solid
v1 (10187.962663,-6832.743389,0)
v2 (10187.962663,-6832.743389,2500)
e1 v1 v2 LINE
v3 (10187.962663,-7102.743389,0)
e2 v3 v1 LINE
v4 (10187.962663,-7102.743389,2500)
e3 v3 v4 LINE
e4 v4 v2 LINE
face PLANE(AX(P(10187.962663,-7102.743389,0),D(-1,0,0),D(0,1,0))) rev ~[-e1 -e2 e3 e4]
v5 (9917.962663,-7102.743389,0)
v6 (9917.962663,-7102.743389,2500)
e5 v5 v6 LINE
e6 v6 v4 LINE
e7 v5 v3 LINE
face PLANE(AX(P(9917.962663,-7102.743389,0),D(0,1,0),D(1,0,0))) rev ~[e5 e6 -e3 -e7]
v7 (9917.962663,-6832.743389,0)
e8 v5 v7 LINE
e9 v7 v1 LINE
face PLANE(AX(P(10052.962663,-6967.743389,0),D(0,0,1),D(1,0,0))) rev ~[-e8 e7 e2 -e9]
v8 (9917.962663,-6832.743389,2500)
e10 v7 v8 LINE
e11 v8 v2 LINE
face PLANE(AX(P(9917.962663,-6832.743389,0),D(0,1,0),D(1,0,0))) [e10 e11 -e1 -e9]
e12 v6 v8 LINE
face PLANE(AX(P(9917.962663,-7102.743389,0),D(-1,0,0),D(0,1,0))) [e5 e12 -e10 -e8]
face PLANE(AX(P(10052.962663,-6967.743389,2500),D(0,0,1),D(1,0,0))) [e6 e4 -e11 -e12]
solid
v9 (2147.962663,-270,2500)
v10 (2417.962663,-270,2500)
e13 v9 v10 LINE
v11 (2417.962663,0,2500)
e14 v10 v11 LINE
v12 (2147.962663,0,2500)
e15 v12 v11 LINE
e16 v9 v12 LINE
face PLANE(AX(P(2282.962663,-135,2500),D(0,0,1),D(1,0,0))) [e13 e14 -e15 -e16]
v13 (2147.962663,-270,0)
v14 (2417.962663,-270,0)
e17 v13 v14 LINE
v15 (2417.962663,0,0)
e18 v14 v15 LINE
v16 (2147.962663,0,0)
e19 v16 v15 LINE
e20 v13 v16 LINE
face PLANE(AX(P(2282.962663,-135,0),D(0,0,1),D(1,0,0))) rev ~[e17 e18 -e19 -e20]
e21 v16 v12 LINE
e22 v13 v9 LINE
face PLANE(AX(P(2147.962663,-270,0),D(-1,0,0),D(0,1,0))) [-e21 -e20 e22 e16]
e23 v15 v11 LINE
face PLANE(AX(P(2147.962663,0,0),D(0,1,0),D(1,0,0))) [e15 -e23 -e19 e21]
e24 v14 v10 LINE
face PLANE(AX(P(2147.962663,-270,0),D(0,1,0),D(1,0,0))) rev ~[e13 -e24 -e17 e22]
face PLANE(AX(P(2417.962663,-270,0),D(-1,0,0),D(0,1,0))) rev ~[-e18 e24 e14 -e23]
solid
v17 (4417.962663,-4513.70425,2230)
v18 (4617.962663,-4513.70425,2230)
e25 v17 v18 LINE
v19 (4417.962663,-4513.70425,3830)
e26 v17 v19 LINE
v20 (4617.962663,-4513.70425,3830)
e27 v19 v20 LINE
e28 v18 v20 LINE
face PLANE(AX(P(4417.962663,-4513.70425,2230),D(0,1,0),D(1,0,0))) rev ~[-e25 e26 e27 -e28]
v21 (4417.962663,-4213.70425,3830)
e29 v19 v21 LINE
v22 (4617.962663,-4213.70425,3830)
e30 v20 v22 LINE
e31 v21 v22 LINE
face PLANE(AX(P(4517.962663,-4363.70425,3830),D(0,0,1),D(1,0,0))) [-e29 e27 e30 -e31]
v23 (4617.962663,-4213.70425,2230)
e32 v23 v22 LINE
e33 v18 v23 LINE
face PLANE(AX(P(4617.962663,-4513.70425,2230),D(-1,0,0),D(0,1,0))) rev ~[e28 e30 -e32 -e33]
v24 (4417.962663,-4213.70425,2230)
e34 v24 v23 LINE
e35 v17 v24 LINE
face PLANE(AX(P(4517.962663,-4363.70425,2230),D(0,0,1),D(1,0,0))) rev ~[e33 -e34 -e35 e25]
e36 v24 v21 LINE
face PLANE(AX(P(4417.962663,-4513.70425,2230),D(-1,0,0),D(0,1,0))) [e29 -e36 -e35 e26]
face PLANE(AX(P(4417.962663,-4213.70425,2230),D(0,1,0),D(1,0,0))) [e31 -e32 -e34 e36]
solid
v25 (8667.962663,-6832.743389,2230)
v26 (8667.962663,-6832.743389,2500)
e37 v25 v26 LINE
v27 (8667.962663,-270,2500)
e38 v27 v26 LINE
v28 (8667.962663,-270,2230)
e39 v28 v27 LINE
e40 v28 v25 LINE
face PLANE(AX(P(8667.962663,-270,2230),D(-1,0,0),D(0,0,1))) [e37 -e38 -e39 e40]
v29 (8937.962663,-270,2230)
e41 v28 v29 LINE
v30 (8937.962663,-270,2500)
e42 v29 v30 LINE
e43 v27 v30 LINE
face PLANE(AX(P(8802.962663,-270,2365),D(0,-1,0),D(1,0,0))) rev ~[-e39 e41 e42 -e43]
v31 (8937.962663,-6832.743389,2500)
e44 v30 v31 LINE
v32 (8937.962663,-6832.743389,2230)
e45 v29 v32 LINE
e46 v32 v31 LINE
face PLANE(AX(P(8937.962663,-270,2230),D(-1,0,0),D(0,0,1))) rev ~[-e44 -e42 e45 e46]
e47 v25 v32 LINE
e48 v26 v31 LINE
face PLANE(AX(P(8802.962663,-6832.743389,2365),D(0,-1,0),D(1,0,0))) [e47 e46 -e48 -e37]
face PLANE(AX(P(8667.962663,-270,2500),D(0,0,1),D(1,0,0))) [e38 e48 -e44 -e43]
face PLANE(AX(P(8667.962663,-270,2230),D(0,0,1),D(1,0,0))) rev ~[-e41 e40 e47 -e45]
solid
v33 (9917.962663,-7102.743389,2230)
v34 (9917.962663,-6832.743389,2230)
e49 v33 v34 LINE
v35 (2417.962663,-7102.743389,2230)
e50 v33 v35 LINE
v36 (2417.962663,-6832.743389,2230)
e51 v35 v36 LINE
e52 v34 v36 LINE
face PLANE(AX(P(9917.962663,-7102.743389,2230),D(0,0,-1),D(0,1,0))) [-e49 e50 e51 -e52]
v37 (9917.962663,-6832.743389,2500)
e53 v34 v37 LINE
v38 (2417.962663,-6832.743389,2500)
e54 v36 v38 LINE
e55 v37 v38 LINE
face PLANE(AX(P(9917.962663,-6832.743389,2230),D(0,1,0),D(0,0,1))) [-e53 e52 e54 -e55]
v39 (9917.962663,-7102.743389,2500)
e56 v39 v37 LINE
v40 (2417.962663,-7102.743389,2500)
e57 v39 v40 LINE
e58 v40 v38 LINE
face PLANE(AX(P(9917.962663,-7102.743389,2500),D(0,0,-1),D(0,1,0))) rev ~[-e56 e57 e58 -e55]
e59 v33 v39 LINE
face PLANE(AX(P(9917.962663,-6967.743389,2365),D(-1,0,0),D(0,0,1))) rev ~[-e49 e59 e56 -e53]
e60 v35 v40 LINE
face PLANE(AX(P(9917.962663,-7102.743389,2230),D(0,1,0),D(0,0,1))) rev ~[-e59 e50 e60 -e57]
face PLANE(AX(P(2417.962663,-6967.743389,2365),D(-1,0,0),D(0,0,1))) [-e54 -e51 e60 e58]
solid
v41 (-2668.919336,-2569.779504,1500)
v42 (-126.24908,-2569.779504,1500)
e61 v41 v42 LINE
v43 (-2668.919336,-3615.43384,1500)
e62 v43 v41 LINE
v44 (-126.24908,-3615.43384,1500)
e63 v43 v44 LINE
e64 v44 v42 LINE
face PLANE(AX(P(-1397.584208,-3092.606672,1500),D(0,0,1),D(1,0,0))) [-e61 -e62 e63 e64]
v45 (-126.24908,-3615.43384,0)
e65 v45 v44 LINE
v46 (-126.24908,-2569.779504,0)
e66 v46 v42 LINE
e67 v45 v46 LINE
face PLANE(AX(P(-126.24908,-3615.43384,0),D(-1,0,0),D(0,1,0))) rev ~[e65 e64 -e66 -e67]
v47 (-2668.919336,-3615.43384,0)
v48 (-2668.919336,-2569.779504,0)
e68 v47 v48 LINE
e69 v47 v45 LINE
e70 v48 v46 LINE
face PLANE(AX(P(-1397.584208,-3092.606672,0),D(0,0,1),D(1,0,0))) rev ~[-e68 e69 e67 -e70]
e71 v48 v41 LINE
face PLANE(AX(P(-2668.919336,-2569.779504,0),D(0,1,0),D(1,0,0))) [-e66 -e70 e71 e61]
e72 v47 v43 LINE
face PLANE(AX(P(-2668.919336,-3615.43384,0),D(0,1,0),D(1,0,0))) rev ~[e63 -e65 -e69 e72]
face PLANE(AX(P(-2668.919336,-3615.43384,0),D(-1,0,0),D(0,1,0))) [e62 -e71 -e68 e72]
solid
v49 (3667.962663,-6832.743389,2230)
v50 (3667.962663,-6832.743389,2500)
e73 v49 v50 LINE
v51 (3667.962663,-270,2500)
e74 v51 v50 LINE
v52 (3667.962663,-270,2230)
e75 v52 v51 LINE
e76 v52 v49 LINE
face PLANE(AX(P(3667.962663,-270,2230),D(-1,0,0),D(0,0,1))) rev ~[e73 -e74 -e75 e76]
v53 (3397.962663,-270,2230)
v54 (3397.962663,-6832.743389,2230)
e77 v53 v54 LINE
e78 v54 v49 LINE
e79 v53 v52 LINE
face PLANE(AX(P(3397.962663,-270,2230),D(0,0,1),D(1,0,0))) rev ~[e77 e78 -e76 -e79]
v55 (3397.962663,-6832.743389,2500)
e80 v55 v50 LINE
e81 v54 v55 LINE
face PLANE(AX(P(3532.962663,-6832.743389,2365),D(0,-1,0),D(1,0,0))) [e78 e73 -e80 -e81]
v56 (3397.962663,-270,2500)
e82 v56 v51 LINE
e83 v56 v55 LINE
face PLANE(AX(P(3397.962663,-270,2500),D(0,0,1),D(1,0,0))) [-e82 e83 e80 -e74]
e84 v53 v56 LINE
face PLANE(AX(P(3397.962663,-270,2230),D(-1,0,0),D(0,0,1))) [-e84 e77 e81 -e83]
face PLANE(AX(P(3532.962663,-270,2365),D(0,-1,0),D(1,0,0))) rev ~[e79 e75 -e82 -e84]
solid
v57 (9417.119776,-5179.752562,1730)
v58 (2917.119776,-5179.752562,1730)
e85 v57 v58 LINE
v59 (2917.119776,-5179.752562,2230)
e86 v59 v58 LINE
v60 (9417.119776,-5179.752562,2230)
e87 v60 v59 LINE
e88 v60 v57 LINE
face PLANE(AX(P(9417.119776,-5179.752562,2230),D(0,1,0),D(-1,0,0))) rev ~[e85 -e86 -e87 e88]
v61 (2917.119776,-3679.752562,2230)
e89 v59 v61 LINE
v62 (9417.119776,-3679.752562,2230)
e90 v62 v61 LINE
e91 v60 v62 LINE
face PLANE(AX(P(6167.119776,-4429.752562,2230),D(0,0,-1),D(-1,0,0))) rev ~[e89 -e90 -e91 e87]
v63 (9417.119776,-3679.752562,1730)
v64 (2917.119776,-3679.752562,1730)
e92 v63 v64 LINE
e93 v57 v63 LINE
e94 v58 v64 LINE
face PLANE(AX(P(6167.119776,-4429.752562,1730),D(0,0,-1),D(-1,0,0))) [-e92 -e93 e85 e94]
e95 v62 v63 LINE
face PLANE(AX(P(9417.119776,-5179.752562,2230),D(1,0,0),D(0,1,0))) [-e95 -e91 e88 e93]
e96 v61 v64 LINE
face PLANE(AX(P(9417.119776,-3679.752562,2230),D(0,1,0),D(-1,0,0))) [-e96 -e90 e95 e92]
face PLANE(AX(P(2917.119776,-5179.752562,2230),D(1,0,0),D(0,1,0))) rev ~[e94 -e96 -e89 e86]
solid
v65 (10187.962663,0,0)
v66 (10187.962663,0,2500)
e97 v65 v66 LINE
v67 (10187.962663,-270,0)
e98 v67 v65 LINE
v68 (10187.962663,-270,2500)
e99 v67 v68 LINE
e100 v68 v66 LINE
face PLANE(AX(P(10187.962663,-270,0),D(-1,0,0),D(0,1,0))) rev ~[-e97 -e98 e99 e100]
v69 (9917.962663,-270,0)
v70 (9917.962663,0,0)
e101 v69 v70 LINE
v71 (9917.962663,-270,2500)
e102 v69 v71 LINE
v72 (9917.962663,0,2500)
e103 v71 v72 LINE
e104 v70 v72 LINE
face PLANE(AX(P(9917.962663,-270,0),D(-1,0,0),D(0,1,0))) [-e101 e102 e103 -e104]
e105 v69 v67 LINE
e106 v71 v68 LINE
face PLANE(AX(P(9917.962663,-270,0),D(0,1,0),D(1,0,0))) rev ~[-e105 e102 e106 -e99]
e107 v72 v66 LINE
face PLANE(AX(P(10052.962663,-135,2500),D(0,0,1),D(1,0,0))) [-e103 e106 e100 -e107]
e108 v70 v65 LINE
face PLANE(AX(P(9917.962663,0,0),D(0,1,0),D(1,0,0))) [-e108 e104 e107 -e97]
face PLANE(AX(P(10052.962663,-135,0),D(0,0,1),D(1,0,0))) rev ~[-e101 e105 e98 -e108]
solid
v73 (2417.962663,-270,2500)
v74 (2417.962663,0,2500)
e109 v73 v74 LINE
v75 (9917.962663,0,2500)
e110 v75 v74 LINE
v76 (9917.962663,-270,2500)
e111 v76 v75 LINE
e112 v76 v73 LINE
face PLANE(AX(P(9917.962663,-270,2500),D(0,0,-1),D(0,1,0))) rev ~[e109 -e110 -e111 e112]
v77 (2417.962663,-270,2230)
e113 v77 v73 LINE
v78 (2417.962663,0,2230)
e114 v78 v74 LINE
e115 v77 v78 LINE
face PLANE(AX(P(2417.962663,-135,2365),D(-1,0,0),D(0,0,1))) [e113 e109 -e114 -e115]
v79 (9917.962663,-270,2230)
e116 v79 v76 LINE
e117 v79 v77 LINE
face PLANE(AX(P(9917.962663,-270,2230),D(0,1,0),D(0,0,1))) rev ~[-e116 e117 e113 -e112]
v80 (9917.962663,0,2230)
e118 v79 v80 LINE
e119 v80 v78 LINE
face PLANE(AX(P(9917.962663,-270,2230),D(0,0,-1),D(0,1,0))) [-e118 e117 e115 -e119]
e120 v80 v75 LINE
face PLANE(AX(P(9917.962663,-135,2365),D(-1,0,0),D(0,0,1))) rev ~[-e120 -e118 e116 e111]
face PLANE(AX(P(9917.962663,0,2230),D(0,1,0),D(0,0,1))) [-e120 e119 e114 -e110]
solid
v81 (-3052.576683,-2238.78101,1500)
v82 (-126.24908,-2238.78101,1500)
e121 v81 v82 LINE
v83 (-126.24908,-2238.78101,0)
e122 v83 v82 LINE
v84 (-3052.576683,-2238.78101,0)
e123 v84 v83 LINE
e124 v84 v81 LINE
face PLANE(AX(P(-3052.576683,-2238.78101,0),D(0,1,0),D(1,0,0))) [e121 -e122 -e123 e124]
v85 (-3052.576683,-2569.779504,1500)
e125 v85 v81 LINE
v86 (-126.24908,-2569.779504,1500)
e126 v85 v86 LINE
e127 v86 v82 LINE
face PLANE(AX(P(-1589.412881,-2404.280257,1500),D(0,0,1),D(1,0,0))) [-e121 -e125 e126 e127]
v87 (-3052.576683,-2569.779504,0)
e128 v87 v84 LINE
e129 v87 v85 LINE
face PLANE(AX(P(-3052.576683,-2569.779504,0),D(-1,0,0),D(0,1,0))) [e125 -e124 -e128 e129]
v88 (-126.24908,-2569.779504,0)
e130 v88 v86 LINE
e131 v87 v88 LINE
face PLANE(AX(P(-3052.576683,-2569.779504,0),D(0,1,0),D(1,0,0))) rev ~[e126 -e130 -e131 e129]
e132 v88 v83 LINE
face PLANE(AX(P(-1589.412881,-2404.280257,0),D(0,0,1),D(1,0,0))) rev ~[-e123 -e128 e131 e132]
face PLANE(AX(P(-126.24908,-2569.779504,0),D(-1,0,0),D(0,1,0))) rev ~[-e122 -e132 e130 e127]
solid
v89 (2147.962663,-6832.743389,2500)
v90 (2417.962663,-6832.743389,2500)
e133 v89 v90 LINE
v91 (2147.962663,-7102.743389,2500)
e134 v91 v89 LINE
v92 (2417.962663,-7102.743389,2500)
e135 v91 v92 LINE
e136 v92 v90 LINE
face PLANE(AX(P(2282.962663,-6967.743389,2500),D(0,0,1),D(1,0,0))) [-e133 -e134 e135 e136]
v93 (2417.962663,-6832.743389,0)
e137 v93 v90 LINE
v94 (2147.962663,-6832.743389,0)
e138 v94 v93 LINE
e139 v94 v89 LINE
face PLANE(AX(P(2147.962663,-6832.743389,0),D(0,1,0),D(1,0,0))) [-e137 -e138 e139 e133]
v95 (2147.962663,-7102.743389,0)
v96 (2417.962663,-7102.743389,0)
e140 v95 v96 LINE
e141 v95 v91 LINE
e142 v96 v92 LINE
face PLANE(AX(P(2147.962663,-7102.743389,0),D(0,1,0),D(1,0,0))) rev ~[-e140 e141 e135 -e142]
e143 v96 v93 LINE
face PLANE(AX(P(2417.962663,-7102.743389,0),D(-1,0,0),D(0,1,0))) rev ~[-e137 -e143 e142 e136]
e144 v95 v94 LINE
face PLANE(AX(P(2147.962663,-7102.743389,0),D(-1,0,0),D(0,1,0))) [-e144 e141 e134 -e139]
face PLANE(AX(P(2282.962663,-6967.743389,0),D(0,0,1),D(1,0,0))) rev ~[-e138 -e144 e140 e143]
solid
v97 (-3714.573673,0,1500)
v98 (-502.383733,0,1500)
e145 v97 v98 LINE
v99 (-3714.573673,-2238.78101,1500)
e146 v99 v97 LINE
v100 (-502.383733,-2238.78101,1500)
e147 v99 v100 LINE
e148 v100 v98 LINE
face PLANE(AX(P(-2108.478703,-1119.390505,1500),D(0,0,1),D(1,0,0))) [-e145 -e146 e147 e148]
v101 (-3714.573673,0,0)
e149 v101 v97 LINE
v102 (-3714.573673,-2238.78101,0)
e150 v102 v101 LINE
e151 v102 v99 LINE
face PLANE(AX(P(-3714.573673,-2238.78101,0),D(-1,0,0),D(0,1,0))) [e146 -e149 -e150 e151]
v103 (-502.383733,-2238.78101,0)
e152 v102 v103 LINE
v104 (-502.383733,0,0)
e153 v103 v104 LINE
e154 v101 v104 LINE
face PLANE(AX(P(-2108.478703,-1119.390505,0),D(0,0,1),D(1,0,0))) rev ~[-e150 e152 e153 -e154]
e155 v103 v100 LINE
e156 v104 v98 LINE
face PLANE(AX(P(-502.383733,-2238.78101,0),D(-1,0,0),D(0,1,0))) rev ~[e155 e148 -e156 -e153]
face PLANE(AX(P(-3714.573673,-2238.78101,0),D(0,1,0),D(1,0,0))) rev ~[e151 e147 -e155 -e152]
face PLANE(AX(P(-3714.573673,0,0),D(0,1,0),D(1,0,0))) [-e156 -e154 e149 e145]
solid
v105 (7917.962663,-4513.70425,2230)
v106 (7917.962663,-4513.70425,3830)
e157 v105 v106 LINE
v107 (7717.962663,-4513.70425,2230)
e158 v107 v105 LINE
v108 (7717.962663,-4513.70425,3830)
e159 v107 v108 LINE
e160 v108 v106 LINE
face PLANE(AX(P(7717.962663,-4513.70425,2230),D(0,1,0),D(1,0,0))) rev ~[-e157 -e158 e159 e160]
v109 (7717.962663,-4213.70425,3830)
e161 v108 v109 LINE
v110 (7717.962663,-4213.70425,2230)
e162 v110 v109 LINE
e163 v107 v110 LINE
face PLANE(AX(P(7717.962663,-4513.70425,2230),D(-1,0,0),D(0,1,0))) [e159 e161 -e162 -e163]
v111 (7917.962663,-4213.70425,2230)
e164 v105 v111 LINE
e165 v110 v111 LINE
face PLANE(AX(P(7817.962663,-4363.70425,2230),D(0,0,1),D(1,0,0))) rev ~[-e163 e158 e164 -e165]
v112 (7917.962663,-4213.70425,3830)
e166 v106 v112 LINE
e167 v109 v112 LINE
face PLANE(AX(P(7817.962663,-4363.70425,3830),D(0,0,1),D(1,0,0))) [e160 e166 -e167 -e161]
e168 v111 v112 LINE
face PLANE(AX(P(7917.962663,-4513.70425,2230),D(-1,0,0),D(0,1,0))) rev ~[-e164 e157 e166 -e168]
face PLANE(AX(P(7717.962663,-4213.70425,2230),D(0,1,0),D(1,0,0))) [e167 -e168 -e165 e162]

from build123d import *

# Parameters (mm, degrees)
SKETCH12_W             = 2926.3276029
SKETCH12_H             = 330.99849492
BOSS_EXTRUDE11_DEPTH   = 1500
SKETCH13_W             = 2542.6702565
SKETCH13_H             = 1045.654336
BOSS_EXTRUDE12_DEPTH   = 1500
SKETCH11_W             = 3212.18994
SKETCH11_H             = 2238.781009538
BOSS_EXTRUDE13_DEPTH   = 1500
SKETCH17_W             = 270
SKETCH17_H             = 270
BOSS_EXTRUDE17_DEPTH   = 2500
BOSS_EXTRUDE17_2_DEPTH = 2500
BOSS_EXTRUDE17_3_DEPTH = 2500
BOSS_EXTRUDE17_4_DEPTH = 2500
SKETCH19_W             = 270
SKETCH19_H             = 270
BOSS_EXTRUDE19_DEPTH   = 7500
BOSS_EXTRUDE19_2_DEPTH = 7500
SKETCH20_W             = 270
SKETCH20_H             = 270
BOSS_EXTRUDE20_DEPTH   = 6562.743389
BOSS_EXTRUDE20_2_DEPTH = 6562.743389
SKETCH21_W             = 6500
SKETCH21_H             = 1500
BOSS_EXTRUDE21_DEPTH   = 500
SKETCH23_W             = 200
SKETCH23_H             = 300
BOSS_EXTRUDE22_DEPTH   = 1600
BOSS_EXTRUDE22_2_DEPTH = 1600


with BuildPart() as part:
    # Sketch12 → Boss-Extrude11 (new body)
    with BuildSketch(Plane.XY):
        with Locations((-1589.412881329, -2404.280256998)):
            Rectangle(SKETCH12_W, SKETCH12_H)
    extrude(amount=BOSS_EXTRUDE11_DEPTH)


with BuildPart() as body_2:
    # Sketch13 → Boss-Extrude12 (new body)
    with BuildSketch(Plane.XY):
        with Locations((-1397.584208129, -3092.606672458)):
            Rectangle(SKETCH13_W, SKETCH13_H)
    extrude(amount=BOSS_EXTRUDE12_DEPTH)


with BuildPart() as body_3:
    # Sketch11 → Boss-Extrude13 (new body)
    with BuildSketch(Plane.XY):
        with Locations((-2108.478702879, -1119.390504769)):
            Rectangle(SKETCH11_W, SKETCH11_H)
    extrude(amount=BOSS_EXTRUDE13_DEPTH)


with BuildPart() as body_4:
    # Sketch17 → Boss-Extrude17 (new body)
    with BuildSketch(Plane.XY):
        with Locations((2282.962662868, -135)):
            Rectangle(SKETCH17_W, SKETCH17_H)
    extrude(amount=BOSS_EXTRUDE17_DEPTH)


with BuildPart() as body_5:
    # Sketch17 → Boss-Extrude17 2 (new body)
    with BuildSketch(Plane.XY):
        with Locations((10052.962662868, -135)):
            Rectangle(SKETCH17_W, SKETCH17_H)
    extrude(amount=BOSS_EXTRUDE17_2_DEPTH)


with BuildPart() as body_6:
    # Sketch17 → Boss-Extrude17 3 (new body)
    with BuildSketch(Plane.XY):
        with Locations((2282.962662868, -6967.743389)):
            Rectangle(SKETCH17_W, SKETCH17_H)
    extrude(amount=BOSS_EXTRUDE17_3_DEPTH)


with BuildPart() as body_7:
    # Sketch17 → Boss-Extrude17 4 (new body)
    with BuildSketch(Plane.XY):
        with Locations((10052.962662868, -6967.743389)):
            Rectangle(SKETCH17_W, SKETCH17_H)
    extrude(amount=BOSS_EXTRUDE17_4_DEPTH)


with BuildPart() as body_8:
    # Sketch19 → Boss-Extrude19 (new body)
    with BuildSketch(Plane.ZY.offset(-9917.962662868)):
        with Locations((2365, -135)):
            Rectangle(SKETCH19_W, SKETCH19_H)
    extrude(amount=BOSS_EXTRUDE19_DEPTH)


with BuildPart() as body_9:
    # Sketch19 → Boss-Extrude19 2 (new body)
    with BuildSketch(Plane.ZY.offset(-9917.962662868)):
        with Locations((2365, -6967.743389)):
            Rectangle(SKETCH19_W, SKETCH19_H)
    extrude(amount=BOSS_EXTRUDE19_2_DEPTH)


with BuildPart() as body_10:
    # Sketch20 → Boss-Extrude20 (new body)
    with BuildSketch(Plane.XZ.offset(270)):
        with Locations((8802.962662868, 2365)):
            Rectangle(SKETCH20_W, SKETCH20_H)
    extrude(amount=BOSS_EXTRUDE20_DEPTH)


with BuildPart() as body_11:
    # Sketch20 → Boss-Extrude20 2 (new body)
    with BuildSketch(Plane.XZ.offset(270)):
        with Locations((3532.962662868, 2365)):
            Rectangle(SKETCH20_W, SKETCH20_H)
    extrude(amount=BOSS_EXTRUDE20_2_DEPTH)


with BuildPart() as body_12:
    # Sketch21 → Boss-Extrude21 (new body)
    with BuildSketch(Plane(origin=(0, 0, 2230), x_dir=(-1, 0, 0), z_dir=(0, 0, -1))):
        with Locations((-6167.119776447, -4429.7525618)):
            Rectangle(SKETCH21_W, SKETCH21_H)
    extrude(amount=BOSS_EXTRUDE21_DEPTH)


with BuildPart() as body_13:
    # Sketch23 → Boss-Extrude22 (new body)
    with BuildSketch(Plane.XY.offset(2230)):
        with Locations((4517.962662868, -4363.704249905)):
            Rectangle(SKETCH23_W, SKETCH23_H)
    extrude(amount=BOSS_EXTRUDE22_DEPTH)


with BuildPart() as body_14:
    # Sketch23 → Boss-Extrude22 2 (new body)
    with BuildSketch(Plane.XY.offset(2230)):
        with Locations((7817.962662868, -4363.704249905)):
            Rectangle(SKETCH23_W, SKETCH23_H)
    extrude(amount=BOSS_EXTRUDE22_2_DEPTH)


solid = Compound([part.part, body_2.part, body_3.part, body_4.part, body_5.part, body_6.part, body_7.part, body_8.part, body_9.part, body_10.part, body_11.part, body_12.part, body_13.part, body_14.part])
